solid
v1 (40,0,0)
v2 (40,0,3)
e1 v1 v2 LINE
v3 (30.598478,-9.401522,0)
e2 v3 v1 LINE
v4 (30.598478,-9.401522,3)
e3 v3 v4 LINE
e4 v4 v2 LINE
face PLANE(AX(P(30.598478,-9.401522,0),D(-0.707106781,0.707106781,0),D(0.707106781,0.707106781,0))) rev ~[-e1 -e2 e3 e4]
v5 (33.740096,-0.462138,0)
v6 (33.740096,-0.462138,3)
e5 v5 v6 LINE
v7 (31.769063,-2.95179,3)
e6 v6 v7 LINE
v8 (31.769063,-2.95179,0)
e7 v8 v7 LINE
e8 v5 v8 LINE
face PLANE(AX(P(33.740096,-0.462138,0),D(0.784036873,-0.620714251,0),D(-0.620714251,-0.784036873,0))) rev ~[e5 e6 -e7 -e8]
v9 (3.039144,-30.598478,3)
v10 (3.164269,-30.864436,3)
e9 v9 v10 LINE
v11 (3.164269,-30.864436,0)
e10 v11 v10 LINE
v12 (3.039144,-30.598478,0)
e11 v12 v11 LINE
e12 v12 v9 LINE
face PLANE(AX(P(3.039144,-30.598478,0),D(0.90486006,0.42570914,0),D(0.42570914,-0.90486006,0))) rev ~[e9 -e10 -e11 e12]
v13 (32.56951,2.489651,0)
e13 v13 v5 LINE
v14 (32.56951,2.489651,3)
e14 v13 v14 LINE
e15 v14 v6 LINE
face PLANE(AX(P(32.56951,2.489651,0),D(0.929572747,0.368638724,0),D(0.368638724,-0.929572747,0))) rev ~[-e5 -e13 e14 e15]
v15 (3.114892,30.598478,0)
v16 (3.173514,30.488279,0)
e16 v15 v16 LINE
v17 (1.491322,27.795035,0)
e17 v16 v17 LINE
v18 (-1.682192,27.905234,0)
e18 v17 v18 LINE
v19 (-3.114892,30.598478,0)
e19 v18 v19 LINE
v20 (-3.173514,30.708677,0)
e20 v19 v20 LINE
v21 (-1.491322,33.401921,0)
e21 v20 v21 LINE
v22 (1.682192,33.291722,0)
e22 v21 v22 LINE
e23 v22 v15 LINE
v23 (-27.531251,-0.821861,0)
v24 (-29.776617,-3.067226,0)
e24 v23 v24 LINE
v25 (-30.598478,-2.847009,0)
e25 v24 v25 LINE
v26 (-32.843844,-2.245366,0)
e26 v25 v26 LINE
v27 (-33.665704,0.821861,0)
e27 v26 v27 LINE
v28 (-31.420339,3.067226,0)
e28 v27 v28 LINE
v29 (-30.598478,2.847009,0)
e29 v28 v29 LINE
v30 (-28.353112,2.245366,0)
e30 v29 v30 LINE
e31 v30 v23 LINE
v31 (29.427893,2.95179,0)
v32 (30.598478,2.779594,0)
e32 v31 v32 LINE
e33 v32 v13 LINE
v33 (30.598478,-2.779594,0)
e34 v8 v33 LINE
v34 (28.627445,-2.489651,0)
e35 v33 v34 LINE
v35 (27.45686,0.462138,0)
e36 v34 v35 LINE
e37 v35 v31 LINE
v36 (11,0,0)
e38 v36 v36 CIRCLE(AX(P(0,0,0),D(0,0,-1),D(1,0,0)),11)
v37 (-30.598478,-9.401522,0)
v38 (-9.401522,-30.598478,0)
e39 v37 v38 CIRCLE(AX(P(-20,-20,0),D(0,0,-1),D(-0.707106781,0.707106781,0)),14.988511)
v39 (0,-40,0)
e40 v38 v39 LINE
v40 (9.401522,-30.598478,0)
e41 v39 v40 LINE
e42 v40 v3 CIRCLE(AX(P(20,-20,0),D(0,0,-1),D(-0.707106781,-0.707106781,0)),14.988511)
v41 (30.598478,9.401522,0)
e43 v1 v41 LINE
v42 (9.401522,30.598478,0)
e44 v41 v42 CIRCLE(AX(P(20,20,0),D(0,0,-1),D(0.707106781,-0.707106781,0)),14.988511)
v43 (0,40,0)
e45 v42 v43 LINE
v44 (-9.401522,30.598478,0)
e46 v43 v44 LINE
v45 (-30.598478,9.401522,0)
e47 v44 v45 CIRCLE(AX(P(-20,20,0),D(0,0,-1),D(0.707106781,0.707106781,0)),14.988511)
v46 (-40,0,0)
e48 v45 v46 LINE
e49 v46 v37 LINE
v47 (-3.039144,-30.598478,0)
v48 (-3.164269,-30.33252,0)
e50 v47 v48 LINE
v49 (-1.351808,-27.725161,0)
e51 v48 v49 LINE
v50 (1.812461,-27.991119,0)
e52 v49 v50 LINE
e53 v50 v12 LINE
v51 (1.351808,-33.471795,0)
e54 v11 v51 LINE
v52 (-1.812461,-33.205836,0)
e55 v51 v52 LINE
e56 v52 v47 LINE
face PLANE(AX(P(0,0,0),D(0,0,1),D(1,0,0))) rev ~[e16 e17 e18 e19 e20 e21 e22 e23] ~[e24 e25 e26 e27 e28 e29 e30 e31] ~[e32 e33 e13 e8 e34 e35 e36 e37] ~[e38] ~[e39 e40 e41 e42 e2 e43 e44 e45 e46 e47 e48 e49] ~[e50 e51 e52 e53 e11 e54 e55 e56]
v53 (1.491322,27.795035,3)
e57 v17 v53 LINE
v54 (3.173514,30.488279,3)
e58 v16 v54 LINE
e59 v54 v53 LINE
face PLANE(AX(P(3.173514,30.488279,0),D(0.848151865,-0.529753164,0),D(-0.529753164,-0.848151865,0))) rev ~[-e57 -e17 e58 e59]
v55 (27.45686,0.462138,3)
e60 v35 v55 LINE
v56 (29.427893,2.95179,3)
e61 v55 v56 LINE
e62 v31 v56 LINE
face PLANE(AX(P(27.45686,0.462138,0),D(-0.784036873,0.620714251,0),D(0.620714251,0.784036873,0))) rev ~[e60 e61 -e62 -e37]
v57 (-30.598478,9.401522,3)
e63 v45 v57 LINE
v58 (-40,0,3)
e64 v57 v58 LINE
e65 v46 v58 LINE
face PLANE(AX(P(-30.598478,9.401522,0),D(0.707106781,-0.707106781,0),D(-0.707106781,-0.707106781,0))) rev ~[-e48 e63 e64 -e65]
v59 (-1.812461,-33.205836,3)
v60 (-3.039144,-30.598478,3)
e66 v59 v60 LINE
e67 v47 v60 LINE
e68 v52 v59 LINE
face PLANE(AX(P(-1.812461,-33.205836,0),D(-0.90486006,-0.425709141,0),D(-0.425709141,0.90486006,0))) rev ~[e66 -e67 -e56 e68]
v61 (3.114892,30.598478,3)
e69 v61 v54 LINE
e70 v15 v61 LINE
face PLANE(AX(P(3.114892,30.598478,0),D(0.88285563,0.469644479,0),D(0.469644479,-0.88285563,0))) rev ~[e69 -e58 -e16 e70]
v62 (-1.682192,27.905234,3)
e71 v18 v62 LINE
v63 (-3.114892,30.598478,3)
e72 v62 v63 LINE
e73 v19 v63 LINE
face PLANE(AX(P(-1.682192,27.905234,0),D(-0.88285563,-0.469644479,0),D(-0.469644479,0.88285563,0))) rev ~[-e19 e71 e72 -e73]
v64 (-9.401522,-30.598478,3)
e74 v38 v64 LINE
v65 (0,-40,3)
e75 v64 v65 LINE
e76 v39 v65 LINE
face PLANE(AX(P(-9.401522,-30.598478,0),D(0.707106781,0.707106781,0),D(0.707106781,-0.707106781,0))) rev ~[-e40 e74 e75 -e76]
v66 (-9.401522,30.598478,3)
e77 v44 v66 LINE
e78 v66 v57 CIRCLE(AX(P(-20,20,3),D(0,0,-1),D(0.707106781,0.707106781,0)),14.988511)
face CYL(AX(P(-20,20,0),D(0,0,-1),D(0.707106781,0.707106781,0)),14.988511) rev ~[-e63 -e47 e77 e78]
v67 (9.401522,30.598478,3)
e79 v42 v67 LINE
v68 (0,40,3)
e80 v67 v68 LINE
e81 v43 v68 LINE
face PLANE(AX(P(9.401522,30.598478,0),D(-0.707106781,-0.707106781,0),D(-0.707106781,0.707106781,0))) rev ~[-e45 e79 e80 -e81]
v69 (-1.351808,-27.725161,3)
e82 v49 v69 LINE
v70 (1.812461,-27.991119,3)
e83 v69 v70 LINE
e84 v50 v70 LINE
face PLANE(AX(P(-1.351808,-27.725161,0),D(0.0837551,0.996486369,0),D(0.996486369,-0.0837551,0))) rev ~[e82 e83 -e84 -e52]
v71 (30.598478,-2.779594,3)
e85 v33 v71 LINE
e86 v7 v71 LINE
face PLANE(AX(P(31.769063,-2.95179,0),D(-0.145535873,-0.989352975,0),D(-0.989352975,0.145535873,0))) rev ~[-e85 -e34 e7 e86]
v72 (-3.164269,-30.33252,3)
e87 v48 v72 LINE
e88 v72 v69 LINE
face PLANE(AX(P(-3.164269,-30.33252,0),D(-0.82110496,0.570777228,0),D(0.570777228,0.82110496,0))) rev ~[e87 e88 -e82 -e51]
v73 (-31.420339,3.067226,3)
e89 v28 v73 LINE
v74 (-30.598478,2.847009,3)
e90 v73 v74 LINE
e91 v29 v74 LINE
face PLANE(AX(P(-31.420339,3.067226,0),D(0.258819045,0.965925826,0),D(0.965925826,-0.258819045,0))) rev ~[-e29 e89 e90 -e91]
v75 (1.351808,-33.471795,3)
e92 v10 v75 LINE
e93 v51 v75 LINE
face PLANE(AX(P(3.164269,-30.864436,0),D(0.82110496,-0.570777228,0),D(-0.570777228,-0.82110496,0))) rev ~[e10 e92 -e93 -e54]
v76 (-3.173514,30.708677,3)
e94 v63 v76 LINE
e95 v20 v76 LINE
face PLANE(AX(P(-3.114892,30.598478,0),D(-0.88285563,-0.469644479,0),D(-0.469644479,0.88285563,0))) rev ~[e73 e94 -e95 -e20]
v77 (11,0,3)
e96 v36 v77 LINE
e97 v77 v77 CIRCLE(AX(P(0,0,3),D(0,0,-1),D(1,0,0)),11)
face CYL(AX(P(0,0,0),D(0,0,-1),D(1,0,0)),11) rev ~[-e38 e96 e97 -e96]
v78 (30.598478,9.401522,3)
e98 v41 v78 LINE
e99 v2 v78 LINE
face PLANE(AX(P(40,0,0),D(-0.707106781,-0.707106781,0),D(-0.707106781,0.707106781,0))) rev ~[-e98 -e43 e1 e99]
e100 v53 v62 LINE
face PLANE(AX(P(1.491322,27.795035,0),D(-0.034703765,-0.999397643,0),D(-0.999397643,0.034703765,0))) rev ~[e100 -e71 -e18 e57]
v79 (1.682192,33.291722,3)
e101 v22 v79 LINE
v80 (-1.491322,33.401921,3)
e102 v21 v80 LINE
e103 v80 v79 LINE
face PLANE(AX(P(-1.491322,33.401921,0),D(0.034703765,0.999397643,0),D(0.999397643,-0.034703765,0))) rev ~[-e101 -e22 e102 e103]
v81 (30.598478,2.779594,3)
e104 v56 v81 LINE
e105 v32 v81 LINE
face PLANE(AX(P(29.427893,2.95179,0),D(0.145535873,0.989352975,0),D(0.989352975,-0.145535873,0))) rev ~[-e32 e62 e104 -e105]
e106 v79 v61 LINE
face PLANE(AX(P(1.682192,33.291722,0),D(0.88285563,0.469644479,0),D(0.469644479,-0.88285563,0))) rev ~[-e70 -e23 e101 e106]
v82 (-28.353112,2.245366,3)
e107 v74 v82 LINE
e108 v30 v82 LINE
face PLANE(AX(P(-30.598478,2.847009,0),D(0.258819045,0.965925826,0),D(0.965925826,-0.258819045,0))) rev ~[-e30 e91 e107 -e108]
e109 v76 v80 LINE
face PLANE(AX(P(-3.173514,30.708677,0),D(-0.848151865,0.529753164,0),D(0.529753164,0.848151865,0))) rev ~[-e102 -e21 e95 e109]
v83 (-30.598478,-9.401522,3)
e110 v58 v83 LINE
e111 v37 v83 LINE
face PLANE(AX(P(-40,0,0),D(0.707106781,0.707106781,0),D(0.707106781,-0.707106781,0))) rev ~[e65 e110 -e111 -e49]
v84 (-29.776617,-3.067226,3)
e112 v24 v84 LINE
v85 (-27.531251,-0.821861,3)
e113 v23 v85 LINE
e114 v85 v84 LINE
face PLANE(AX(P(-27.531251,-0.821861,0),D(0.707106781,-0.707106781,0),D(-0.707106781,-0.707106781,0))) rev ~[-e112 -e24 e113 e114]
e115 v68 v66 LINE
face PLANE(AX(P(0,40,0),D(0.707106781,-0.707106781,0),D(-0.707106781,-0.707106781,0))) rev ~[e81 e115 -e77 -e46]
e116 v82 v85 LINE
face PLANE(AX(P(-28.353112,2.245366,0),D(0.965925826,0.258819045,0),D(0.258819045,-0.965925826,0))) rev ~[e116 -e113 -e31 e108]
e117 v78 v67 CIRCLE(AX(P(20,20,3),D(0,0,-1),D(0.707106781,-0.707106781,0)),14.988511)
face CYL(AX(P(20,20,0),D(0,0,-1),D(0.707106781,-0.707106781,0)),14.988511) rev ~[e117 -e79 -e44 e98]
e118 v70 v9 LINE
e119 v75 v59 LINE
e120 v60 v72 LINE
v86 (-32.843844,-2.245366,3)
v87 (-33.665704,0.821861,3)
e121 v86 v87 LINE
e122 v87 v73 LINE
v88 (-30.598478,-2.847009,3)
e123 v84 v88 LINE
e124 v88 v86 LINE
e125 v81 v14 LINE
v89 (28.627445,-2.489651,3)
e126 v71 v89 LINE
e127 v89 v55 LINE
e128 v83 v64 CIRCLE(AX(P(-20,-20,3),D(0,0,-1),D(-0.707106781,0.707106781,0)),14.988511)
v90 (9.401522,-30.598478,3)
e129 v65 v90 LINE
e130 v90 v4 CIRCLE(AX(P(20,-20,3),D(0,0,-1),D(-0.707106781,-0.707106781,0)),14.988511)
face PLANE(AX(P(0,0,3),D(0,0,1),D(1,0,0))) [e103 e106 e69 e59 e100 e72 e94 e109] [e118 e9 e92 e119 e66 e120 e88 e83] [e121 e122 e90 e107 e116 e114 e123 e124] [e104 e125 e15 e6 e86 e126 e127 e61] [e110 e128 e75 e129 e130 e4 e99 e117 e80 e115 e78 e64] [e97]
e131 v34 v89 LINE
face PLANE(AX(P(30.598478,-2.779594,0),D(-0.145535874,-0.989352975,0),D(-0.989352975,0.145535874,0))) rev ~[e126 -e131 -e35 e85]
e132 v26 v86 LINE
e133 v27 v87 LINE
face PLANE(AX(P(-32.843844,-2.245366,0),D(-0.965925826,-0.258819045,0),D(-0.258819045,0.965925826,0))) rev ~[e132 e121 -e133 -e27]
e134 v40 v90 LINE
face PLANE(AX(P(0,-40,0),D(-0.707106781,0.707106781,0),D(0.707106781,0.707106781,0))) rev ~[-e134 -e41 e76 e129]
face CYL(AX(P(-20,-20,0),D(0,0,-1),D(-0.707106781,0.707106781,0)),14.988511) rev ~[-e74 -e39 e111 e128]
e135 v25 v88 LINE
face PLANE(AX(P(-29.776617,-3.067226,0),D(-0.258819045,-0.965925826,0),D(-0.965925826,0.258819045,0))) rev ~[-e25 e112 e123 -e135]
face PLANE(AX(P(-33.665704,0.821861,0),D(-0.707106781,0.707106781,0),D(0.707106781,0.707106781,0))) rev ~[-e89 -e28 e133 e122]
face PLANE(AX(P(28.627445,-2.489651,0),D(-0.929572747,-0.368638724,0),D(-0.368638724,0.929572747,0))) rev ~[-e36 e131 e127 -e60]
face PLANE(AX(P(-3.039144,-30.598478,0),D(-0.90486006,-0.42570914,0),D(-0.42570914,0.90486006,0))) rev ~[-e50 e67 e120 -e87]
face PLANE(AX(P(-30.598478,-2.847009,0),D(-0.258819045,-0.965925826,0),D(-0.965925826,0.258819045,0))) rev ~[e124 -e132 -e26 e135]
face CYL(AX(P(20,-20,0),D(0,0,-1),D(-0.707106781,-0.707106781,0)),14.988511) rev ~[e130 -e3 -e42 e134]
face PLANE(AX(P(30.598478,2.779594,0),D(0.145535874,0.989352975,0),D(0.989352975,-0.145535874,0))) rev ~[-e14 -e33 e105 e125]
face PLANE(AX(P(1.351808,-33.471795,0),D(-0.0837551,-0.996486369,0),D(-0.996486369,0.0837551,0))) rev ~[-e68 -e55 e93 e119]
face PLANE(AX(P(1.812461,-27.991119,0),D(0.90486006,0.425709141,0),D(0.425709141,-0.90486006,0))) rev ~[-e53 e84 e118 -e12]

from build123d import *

# Parameters (mm, degrees)
F1_DEPTH = 3


with BuildPart() as f1:
    # F0 (on Top) → F1 (new body)
    with BuildSketch(Plane.XY):
        with BuildLine():
            Line((9.401522079, 30.598477921), (0, 40))
            Line((0, 40), (-9.401522079, 30.598477921))
            ThreePointArc((-9.401522079, 30.598477921), (-9.401522079, 9.401522079), (-30.598477921, 9.401522079))
            Line((-30.598477921, 9.401522079), (-40, 0))
            Line((-40, 0), (-30.598477921, -9.401522079))
            ThreePointArc((-30.598477921, -9.401522079), (-9.401522079, -9.401522079), (-9.401522079, -30.598477921))
            Line((-9.401522079, -30.598477921), (0, -40))
            Line((0, -40), (9.401522079, -30.598477921))
            ThreePointArc((9.401522079, -30.598477921), (9.401522079, -9.401522079), (30.598477921, -9.401522079))
            Line((30.598477921, -9.401522079), (40, 0))
            Line((40, 0), (30.598477921, 9.401522079))
            ThreePointArc((30.598477921, 9.401522079), (9.401522079, 9.401522079), (9.401522079, 30.598477921))
        make_face()
        Polygon((-3.0391439764, -30.598477921), (-3.1642692031, -30.33251976), (-1.3518080778, -27.7251613261), (1.8124611253, -27.9911194871), (3.0391439764, -30.598477921), (3.1642692031, -30.864436082), (1.3518080778, -33.4717945158), (-1.8124611253, -33.2058363548), align=None, mode=Mode.SUBTRACT)
        Polygon((-32.8438435185, -2.2453655976), (-33.665704368, 0.8218608495), (-31.4203387705, 3.067226447), (-30.598477921, 2.8470094961), (-28.3531123234, 2.2453655976), (-27.5312514739, -0.8218608495), (-29.7766170715, -3.067226447), (-30.598477921, -2.8470094961), align=None, mode=Mode.SUBTRACT)
        with BuildLine():
            ThreePointArc((-11, 0), (0, 11), (11, 0))
            ThreePointArc((11, 0), (0, -11), (-11, 0))
        make_face(mode=Mode.SUBTRACT)
        Polygon((28.6274454507, -2.4896514484), (27.456860285, 0.4621384668), (29.4278927552, 2.9517899151), (30.598477921, 2.7795944107), (32.5695103912, 2.4896514484), (33.740095557, -0.4621384668), (31.7690630867, -2.9517899151), (30.598477921, -2.7795944107), align=None, mode=Mode.SUBTRACT)
        Polygon((-3.1148920699, 30.598477921), (-3.17351374, 30.7086771754), (-1.4913215162, 33.4019210662), (1.6821922238, 33.2917218118), (3.1148920699, 30.598477921), (3.17351374, 30.4882786665), (1.4913215162, 27.7950347757), (-1.6821922238, 27.9052340301), align=None, mode=Mode.SUBTRACT)
    extrude(amount=F1_DEPTH)


solid = f1.part
